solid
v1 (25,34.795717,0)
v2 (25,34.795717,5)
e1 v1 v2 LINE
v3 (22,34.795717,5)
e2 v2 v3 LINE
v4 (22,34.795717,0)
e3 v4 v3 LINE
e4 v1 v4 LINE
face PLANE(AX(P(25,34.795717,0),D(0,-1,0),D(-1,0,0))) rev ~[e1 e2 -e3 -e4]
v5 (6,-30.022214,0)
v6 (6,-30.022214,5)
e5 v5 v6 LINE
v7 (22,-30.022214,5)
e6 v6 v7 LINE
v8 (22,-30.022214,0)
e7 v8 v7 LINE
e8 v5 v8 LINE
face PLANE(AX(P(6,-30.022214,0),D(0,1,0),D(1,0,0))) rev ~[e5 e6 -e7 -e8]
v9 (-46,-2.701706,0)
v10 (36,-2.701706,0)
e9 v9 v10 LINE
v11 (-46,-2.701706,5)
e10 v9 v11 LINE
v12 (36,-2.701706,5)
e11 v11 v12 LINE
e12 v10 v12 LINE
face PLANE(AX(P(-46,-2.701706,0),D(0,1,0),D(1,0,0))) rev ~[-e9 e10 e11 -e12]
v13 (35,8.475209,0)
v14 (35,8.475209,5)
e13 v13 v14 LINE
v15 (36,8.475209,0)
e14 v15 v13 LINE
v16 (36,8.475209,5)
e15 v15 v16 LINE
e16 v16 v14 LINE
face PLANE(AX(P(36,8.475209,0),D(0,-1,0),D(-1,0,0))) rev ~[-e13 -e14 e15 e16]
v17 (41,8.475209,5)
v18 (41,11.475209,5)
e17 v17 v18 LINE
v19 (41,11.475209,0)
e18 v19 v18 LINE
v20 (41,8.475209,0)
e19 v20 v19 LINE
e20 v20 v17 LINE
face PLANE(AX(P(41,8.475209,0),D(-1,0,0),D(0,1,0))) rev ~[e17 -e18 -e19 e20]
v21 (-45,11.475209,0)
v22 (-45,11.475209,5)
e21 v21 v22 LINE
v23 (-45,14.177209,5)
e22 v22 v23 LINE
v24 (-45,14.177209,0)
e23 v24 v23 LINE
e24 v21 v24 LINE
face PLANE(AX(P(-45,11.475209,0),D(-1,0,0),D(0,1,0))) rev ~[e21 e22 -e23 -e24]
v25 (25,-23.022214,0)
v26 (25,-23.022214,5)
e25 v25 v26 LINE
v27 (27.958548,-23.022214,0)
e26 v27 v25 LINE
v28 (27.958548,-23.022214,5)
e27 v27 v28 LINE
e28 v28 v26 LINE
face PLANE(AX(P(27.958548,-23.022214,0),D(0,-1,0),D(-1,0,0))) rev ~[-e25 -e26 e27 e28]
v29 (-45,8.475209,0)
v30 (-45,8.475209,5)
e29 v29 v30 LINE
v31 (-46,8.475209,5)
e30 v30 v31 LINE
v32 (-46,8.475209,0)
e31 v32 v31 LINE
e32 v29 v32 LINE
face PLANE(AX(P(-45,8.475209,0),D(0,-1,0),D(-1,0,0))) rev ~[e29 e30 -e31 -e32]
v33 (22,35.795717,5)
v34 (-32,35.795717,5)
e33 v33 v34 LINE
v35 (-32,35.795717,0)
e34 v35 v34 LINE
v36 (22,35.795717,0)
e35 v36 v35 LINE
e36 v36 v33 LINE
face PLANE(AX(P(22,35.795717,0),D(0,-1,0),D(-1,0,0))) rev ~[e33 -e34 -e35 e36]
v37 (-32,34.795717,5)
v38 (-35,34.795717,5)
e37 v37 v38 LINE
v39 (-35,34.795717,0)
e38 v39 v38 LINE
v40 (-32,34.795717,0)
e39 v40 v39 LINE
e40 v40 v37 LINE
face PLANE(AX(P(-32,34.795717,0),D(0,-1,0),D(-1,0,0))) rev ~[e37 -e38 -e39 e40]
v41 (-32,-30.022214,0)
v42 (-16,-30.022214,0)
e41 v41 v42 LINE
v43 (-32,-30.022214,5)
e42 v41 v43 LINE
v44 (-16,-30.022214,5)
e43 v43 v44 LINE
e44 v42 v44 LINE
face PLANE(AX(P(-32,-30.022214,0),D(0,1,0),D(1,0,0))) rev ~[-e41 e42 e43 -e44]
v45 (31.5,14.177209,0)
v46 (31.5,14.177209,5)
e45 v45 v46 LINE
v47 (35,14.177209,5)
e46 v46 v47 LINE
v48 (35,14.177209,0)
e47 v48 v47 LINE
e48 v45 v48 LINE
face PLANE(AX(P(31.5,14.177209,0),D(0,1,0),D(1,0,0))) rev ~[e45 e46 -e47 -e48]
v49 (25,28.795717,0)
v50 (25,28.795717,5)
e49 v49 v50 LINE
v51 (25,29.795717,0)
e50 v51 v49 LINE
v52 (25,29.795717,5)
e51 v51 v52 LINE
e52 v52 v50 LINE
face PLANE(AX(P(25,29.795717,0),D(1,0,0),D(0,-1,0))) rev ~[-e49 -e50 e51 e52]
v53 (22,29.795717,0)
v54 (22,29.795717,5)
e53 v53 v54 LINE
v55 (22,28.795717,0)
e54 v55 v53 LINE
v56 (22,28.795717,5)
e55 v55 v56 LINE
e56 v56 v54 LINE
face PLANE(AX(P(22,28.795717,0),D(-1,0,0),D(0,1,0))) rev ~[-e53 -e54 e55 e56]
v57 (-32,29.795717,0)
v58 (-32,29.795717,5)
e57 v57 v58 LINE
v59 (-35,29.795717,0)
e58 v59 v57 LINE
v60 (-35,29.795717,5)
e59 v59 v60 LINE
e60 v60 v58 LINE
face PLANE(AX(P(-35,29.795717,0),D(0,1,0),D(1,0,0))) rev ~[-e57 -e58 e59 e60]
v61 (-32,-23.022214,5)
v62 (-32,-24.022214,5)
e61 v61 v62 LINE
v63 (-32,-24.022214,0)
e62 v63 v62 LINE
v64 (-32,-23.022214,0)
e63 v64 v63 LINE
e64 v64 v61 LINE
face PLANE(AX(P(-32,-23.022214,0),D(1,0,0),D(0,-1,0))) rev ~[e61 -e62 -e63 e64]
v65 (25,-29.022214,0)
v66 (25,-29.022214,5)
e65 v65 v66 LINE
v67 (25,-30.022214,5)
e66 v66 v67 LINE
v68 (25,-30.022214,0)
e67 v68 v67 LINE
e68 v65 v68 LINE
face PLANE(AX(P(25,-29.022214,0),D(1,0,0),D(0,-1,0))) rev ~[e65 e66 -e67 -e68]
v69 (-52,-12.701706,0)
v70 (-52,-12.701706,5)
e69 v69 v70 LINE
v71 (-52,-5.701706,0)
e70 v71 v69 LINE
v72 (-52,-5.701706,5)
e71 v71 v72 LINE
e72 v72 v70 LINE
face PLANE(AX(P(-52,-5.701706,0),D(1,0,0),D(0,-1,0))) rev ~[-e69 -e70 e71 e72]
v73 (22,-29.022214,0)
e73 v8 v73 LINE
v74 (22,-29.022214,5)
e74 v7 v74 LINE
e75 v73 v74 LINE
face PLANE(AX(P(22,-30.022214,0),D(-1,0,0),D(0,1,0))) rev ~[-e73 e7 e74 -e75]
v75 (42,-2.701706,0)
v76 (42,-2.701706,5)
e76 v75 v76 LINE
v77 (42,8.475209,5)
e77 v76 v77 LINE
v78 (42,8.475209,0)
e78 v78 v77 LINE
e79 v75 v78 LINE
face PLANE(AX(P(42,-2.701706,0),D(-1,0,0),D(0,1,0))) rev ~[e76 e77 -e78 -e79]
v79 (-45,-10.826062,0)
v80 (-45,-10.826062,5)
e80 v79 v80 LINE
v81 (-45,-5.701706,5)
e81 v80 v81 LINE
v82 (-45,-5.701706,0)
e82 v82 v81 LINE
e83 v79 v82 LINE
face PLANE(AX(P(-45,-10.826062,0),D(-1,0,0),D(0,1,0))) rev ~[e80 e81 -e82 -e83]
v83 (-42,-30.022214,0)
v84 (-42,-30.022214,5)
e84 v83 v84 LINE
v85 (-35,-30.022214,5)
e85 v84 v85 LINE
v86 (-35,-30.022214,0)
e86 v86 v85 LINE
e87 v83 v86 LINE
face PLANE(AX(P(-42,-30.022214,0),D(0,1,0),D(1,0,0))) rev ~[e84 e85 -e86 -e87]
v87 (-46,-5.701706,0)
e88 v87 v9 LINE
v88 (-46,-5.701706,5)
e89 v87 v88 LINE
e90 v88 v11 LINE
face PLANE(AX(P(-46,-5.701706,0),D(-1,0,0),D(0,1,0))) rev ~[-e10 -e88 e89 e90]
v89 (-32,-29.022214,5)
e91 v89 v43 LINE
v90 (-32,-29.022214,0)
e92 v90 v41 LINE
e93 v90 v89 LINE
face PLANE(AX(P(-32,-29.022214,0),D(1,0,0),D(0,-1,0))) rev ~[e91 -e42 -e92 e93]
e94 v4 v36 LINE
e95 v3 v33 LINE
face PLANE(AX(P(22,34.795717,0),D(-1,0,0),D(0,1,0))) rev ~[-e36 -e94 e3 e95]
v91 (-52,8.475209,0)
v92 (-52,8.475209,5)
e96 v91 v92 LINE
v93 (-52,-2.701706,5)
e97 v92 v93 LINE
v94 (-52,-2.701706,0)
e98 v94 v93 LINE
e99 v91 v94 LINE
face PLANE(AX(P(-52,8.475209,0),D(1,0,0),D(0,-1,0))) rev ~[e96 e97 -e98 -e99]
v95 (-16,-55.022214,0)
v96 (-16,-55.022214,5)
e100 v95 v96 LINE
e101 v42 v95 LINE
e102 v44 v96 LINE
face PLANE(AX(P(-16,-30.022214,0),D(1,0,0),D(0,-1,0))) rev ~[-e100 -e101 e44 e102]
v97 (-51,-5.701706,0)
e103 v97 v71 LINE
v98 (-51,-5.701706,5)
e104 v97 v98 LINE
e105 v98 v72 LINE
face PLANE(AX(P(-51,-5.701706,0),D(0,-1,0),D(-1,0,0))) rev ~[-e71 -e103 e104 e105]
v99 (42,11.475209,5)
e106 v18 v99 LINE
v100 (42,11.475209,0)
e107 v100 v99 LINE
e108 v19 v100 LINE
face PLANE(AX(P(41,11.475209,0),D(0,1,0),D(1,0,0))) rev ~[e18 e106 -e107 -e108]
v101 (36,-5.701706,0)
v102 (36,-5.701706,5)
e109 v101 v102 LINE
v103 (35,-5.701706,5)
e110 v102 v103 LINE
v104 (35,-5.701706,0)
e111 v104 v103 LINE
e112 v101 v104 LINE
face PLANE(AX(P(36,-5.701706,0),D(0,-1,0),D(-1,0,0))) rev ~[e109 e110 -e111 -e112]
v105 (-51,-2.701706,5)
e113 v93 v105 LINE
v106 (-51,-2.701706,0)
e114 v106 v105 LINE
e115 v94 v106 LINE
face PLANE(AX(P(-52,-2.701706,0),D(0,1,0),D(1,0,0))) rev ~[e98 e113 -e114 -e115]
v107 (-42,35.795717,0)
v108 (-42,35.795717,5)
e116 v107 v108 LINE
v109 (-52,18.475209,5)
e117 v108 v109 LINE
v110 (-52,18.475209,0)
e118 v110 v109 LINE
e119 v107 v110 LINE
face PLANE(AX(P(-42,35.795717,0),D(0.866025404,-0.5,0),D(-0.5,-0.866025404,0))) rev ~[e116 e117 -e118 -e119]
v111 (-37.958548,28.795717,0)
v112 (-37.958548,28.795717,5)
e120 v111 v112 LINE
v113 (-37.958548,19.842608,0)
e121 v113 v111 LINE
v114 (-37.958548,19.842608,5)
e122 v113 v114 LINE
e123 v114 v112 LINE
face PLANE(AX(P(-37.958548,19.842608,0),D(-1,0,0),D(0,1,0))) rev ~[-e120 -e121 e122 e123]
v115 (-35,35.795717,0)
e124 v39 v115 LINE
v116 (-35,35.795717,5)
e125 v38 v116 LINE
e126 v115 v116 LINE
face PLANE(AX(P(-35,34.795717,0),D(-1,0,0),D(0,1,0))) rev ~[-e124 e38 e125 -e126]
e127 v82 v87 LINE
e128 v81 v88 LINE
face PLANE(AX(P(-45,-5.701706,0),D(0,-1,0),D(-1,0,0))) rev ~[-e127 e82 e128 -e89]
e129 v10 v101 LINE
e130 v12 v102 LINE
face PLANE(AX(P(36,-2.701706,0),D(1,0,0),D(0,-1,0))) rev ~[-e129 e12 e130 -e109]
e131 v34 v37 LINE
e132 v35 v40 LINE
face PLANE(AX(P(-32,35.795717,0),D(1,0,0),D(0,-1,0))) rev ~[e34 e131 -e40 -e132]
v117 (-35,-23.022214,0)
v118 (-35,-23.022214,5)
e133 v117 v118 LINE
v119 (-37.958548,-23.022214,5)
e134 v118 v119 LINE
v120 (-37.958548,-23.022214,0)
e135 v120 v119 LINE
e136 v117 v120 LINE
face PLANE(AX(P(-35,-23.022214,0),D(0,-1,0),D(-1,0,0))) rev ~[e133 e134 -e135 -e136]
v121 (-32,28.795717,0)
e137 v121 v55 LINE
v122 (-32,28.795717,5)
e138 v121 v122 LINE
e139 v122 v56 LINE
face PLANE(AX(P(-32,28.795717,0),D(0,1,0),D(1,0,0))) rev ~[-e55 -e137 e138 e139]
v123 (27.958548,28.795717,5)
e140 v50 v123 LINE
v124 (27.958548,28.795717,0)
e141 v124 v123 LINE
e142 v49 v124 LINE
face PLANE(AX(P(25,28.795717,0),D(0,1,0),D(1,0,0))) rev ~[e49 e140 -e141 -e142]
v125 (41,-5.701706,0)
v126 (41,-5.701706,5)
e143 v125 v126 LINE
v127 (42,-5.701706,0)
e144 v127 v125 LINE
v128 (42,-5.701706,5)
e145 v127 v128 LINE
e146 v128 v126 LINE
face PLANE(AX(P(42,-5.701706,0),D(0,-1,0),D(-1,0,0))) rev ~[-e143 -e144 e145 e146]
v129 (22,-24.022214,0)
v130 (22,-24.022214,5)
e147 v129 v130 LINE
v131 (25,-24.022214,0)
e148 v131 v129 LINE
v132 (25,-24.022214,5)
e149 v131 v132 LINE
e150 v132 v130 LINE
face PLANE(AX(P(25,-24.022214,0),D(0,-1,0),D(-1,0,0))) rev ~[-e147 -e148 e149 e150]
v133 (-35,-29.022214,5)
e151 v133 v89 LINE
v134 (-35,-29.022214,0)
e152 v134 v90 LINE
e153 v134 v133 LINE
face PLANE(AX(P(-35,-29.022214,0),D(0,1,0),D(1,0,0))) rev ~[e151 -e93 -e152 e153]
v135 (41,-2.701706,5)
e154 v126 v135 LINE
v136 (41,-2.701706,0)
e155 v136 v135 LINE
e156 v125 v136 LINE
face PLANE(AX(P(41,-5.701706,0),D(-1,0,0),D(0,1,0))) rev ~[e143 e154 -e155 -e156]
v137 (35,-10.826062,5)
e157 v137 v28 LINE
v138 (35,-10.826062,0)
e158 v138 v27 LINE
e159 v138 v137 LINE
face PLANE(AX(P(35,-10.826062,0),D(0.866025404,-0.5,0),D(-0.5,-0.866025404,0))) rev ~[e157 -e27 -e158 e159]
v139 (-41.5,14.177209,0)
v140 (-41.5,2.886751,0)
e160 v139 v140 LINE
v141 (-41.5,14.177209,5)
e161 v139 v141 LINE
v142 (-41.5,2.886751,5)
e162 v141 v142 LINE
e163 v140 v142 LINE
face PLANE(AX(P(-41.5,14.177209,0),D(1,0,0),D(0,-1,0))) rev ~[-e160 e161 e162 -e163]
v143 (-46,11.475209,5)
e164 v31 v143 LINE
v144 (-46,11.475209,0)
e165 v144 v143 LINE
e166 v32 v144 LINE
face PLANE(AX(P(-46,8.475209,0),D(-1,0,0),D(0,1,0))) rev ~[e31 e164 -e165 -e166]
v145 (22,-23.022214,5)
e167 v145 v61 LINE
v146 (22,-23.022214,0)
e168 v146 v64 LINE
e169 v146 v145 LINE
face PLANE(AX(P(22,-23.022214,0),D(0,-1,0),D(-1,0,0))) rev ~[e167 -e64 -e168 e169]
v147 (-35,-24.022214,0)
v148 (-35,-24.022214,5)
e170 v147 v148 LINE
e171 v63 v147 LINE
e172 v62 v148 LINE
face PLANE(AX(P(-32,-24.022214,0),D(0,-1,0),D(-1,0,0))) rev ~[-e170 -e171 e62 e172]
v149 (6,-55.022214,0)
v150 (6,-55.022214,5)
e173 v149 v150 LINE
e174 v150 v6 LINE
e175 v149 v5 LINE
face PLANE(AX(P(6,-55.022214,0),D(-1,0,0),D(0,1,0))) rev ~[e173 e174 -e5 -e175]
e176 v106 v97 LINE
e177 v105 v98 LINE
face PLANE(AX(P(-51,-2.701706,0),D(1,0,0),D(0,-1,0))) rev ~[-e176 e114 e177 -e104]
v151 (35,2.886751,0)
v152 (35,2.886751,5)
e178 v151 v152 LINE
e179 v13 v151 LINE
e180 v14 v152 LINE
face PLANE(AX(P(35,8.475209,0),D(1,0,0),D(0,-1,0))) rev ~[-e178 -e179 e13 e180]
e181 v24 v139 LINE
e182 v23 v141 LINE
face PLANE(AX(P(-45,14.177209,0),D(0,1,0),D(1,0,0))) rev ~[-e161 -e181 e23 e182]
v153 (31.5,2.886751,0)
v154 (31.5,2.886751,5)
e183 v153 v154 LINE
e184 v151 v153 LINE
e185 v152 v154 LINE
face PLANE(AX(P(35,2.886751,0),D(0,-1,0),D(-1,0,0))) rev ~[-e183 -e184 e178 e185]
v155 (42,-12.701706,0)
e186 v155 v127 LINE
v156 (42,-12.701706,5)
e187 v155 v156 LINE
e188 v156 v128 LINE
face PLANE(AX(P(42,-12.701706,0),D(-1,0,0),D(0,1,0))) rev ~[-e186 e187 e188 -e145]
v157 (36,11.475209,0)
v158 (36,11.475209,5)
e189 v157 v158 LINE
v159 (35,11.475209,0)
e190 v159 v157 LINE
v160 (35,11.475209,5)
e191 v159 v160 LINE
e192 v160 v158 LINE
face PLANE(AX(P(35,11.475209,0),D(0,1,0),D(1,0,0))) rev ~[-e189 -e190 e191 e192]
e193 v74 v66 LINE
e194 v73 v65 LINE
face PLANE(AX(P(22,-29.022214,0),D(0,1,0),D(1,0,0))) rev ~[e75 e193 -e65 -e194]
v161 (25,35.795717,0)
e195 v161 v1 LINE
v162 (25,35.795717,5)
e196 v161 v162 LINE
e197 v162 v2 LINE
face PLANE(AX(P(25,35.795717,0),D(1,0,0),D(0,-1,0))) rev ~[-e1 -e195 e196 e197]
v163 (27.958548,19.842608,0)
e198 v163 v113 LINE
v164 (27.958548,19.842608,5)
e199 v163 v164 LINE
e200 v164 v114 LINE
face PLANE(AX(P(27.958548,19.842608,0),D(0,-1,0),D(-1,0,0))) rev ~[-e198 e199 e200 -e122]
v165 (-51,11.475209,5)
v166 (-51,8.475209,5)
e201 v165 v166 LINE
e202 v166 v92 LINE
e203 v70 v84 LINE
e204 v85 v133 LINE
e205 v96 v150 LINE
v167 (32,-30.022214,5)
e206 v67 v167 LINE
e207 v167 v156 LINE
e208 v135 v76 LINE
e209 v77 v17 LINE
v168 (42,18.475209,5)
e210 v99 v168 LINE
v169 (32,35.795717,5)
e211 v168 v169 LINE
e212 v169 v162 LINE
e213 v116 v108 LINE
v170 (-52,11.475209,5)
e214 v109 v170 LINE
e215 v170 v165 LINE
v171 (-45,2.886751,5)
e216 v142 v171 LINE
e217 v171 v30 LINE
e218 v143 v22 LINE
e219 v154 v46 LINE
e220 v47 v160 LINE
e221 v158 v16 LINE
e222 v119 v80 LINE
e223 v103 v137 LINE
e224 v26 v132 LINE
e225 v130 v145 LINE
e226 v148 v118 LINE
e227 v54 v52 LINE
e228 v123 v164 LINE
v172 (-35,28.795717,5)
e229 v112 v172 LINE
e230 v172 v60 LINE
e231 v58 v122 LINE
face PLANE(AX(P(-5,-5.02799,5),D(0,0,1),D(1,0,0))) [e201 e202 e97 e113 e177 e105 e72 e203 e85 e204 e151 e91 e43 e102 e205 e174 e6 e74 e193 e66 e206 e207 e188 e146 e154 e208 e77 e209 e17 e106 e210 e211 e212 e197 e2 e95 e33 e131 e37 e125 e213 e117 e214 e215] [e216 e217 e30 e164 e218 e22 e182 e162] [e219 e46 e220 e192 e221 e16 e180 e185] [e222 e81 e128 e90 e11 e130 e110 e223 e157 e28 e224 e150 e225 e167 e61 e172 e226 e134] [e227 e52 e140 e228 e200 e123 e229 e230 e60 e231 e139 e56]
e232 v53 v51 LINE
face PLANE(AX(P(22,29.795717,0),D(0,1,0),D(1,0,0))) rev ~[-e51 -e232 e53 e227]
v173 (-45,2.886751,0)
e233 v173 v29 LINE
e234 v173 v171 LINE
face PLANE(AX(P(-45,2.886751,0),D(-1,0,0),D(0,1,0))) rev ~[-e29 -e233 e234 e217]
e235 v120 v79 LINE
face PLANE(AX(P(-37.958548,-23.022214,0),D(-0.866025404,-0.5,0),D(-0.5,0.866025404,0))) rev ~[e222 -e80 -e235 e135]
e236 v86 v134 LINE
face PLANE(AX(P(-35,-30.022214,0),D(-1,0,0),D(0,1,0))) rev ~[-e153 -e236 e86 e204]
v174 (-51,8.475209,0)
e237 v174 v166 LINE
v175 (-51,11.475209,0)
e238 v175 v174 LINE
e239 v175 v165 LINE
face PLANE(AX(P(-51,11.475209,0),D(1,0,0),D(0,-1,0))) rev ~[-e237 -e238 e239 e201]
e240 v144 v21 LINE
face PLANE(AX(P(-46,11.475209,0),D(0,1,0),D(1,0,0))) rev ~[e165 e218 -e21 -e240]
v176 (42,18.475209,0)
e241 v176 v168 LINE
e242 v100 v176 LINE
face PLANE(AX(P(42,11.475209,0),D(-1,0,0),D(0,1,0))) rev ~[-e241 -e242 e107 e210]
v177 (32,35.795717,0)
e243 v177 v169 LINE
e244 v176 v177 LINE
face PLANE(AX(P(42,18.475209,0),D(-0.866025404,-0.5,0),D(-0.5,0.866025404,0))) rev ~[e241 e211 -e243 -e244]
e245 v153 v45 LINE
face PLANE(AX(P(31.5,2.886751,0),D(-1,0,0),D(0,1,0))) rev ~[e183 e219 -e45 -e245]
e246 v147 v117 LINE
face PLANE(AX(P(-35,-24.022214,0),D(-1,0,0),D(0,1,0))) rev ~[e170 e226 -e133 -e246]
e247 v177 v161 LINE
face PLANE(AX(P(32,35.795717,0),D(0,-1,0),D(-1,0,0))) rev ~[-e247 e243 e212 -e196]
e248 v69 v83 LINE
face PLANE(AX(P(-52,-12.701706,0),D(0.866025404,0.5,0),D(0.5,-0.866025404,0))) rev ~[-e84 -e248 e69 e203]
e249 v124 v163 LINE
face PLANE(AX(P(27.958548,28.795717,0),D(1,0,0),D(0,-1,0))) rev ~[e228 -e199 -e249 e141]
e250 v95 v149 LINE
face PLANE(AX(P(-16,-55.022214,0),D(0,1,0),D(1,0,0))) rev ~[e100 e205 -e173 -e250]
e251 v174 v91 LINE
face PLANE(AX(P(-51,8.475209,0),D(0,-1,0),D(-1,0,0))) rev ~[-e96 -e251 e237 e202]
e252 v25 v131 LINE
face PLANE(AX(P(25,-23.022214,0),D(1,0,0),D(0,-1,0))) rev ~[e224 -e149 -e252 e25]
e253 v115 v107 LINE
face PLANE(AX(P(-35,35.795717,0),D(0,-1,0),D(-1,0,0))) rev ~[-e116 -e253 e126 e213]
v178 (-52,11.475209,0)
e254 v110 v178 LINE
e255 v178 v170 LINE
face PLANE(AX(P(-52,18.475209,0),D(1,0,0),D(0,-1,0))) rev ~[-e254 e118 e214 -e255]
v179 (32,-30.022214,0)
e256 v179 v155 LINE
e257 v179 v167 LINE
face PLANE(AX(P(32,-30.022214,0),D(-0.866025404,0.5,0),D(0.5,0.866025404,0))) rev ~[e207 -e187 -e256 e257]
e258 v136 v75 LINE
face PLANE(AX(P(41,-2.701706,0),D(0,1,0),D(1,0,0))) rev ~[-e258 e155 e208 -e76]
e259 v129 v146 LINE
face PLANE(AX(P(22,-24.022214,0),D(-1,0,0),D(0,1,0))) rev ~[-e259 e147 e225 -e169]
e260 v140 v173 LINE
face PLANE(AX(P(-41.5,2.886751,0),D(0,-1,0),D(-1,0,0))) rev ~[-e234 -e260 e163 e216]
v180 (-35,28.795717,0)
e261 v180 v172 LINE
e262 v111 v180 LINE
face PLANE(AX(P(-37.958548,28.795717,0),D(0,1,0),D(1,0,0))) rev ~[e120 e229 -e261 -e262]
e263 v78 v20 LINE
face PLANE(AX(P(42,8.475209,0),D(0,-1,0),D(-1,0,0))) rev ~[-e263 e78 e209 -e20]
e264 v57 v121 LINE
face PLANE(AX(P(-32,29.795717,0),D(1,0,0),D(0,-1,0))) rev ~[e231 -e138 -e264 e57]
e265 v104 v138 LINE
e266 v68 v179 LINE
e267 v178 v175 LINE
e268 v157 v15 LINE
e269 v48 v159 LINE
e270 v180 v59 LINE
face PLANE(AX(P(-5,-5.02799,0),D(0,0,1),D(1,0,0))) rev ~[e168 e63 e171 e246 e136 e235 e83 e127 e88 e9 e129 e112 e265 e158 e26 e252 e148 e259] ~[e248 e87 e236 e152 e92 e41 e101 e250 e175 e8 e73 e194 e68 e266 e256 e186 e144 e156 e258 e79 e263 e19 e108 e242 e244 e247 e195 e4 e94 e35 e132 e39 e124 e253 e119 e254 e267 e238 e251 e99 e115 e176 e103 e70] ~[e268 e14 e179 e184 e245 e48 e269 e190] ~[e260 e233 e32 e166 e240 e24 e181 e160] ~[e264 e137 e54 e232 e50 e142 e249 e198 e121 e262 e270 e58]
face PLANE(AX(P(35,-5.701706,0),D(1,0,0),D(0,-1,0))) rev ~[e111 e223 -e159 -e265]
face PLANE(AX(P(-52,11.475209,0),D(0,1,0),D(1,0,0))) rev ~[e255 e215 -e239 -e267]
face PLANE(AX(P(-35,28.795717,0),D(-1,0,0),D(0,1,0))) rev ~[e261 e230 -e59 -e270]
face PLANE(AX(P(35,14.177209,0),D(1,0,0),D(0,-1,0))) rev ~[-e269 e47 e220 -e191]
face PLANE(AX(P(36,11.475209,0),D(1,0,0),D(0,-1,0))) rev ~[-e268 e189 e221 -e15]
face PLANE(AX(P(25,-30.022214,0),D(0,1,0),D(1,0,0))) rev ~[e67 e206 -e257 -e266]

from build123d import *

# Parameters (mm, degrees)
BOSS_EXTRU_1_DEPTH = 5


with BuildPart() as part:
    # Esquisse1 → Boss.-Extru.1 (new body)
    with BuildSketch(Plane.XY):
        Polygon((-32, -29.022213998), (-32, -30.022213998), (-16, -30.022213998), (-16, -55.022213998), (6, -55.022213998), (6, -30.022213998), (22, -30.022213998), (22, -29.022213998), (25, -29.022213998), (25, -30.022213998), (32, -30.022213998), (42, -12.701705922), (42, -5.701705922), (41, -5.701705922), (41, -2.701705922), (42, -2.701705922), (42, 8.475208614), (41, 8.475208614), (41, 11.475208614), (42, 11.475208614), (42, 18.475208614), (32, 35.79571669), (25, 35.79571669), (25, 34.79571669), (22, 34.79571669), (22, 35.79571669), (-32, 35.79571669), (-32, 34.79571669), (-35, 34.79571669), (-35, 35.79571669), (-42, 35.79571669), (-52, 18.475208614), (-52, 11.475208614), (-51, 11.475208614), (-51, 8.475208614), (-52, 8.475208614), (-52, -2.701705922), (-51, -2.701705922), (-51, -5.701705922), (-52, -5.701705922), (-52, -12.701705922), (-42, -30.022213998), (-35, -30.022213998), (-35, -29.022213998), align=None)
        Polygon((-46, -2.701705922), (-45, -2.701705922), (35, -2.701705922), (36, -2.701705922), (36, -5.701705922), (35, -5.701705922), (35, -10.826061575), (27.958548116, -23.022213998), (25, -23.022213998), (25, -24.022213998), (22, -24.022213998), (22, -23.022213998), (-32, -23.022213998), (-32, -24.022213998), (-35, -24.022213998), (-35, -23.022213998), (-37.958548116, -23.022213998), (-45, -10.826061575), (-45, -5.701705922), (-46, -5.701705922), align=None, mode=Mode.SUBTRACT)
        Polygon((-45, 2.886751346), (-45, 8.475208614), (-46, 8.475208614), (-46, 11.475208614), (-45, 11.475208614), (-45, 14.177208614), (-41.5, 14.177208614), (-41.5, 2.886751346), align=None, mode=Mode.SUBTRACT)
        Polygon((-32, 29.79571669), (-32, 28.79571669), (22, 28.79571669), (22, 29.79571669), (25, 29.79571669), (25, 28.79571669), (27.958548116, 28.79571669), (27.958548116, 19.842608257), (-37.958548116, 19.842608257), (-37.958548116, 28.79571669), (-35, 28.79571669), (-35, 29.79571669), align=None, mode=Mode.SUBTRACT)
        Polygon((35, 8.475208614), (35, 2.886751346), (31.5, 2.886751346), (31.5, 14.177208614), (35, 14.177208614), (35, 11.475208614), (36, 11.475208614), (36, 8.475208614), align=None, mode=Mode.SUBTRACT)
    extrude(amount=BOSS_EXTRU_1_DEPTH)


solid = part.part
